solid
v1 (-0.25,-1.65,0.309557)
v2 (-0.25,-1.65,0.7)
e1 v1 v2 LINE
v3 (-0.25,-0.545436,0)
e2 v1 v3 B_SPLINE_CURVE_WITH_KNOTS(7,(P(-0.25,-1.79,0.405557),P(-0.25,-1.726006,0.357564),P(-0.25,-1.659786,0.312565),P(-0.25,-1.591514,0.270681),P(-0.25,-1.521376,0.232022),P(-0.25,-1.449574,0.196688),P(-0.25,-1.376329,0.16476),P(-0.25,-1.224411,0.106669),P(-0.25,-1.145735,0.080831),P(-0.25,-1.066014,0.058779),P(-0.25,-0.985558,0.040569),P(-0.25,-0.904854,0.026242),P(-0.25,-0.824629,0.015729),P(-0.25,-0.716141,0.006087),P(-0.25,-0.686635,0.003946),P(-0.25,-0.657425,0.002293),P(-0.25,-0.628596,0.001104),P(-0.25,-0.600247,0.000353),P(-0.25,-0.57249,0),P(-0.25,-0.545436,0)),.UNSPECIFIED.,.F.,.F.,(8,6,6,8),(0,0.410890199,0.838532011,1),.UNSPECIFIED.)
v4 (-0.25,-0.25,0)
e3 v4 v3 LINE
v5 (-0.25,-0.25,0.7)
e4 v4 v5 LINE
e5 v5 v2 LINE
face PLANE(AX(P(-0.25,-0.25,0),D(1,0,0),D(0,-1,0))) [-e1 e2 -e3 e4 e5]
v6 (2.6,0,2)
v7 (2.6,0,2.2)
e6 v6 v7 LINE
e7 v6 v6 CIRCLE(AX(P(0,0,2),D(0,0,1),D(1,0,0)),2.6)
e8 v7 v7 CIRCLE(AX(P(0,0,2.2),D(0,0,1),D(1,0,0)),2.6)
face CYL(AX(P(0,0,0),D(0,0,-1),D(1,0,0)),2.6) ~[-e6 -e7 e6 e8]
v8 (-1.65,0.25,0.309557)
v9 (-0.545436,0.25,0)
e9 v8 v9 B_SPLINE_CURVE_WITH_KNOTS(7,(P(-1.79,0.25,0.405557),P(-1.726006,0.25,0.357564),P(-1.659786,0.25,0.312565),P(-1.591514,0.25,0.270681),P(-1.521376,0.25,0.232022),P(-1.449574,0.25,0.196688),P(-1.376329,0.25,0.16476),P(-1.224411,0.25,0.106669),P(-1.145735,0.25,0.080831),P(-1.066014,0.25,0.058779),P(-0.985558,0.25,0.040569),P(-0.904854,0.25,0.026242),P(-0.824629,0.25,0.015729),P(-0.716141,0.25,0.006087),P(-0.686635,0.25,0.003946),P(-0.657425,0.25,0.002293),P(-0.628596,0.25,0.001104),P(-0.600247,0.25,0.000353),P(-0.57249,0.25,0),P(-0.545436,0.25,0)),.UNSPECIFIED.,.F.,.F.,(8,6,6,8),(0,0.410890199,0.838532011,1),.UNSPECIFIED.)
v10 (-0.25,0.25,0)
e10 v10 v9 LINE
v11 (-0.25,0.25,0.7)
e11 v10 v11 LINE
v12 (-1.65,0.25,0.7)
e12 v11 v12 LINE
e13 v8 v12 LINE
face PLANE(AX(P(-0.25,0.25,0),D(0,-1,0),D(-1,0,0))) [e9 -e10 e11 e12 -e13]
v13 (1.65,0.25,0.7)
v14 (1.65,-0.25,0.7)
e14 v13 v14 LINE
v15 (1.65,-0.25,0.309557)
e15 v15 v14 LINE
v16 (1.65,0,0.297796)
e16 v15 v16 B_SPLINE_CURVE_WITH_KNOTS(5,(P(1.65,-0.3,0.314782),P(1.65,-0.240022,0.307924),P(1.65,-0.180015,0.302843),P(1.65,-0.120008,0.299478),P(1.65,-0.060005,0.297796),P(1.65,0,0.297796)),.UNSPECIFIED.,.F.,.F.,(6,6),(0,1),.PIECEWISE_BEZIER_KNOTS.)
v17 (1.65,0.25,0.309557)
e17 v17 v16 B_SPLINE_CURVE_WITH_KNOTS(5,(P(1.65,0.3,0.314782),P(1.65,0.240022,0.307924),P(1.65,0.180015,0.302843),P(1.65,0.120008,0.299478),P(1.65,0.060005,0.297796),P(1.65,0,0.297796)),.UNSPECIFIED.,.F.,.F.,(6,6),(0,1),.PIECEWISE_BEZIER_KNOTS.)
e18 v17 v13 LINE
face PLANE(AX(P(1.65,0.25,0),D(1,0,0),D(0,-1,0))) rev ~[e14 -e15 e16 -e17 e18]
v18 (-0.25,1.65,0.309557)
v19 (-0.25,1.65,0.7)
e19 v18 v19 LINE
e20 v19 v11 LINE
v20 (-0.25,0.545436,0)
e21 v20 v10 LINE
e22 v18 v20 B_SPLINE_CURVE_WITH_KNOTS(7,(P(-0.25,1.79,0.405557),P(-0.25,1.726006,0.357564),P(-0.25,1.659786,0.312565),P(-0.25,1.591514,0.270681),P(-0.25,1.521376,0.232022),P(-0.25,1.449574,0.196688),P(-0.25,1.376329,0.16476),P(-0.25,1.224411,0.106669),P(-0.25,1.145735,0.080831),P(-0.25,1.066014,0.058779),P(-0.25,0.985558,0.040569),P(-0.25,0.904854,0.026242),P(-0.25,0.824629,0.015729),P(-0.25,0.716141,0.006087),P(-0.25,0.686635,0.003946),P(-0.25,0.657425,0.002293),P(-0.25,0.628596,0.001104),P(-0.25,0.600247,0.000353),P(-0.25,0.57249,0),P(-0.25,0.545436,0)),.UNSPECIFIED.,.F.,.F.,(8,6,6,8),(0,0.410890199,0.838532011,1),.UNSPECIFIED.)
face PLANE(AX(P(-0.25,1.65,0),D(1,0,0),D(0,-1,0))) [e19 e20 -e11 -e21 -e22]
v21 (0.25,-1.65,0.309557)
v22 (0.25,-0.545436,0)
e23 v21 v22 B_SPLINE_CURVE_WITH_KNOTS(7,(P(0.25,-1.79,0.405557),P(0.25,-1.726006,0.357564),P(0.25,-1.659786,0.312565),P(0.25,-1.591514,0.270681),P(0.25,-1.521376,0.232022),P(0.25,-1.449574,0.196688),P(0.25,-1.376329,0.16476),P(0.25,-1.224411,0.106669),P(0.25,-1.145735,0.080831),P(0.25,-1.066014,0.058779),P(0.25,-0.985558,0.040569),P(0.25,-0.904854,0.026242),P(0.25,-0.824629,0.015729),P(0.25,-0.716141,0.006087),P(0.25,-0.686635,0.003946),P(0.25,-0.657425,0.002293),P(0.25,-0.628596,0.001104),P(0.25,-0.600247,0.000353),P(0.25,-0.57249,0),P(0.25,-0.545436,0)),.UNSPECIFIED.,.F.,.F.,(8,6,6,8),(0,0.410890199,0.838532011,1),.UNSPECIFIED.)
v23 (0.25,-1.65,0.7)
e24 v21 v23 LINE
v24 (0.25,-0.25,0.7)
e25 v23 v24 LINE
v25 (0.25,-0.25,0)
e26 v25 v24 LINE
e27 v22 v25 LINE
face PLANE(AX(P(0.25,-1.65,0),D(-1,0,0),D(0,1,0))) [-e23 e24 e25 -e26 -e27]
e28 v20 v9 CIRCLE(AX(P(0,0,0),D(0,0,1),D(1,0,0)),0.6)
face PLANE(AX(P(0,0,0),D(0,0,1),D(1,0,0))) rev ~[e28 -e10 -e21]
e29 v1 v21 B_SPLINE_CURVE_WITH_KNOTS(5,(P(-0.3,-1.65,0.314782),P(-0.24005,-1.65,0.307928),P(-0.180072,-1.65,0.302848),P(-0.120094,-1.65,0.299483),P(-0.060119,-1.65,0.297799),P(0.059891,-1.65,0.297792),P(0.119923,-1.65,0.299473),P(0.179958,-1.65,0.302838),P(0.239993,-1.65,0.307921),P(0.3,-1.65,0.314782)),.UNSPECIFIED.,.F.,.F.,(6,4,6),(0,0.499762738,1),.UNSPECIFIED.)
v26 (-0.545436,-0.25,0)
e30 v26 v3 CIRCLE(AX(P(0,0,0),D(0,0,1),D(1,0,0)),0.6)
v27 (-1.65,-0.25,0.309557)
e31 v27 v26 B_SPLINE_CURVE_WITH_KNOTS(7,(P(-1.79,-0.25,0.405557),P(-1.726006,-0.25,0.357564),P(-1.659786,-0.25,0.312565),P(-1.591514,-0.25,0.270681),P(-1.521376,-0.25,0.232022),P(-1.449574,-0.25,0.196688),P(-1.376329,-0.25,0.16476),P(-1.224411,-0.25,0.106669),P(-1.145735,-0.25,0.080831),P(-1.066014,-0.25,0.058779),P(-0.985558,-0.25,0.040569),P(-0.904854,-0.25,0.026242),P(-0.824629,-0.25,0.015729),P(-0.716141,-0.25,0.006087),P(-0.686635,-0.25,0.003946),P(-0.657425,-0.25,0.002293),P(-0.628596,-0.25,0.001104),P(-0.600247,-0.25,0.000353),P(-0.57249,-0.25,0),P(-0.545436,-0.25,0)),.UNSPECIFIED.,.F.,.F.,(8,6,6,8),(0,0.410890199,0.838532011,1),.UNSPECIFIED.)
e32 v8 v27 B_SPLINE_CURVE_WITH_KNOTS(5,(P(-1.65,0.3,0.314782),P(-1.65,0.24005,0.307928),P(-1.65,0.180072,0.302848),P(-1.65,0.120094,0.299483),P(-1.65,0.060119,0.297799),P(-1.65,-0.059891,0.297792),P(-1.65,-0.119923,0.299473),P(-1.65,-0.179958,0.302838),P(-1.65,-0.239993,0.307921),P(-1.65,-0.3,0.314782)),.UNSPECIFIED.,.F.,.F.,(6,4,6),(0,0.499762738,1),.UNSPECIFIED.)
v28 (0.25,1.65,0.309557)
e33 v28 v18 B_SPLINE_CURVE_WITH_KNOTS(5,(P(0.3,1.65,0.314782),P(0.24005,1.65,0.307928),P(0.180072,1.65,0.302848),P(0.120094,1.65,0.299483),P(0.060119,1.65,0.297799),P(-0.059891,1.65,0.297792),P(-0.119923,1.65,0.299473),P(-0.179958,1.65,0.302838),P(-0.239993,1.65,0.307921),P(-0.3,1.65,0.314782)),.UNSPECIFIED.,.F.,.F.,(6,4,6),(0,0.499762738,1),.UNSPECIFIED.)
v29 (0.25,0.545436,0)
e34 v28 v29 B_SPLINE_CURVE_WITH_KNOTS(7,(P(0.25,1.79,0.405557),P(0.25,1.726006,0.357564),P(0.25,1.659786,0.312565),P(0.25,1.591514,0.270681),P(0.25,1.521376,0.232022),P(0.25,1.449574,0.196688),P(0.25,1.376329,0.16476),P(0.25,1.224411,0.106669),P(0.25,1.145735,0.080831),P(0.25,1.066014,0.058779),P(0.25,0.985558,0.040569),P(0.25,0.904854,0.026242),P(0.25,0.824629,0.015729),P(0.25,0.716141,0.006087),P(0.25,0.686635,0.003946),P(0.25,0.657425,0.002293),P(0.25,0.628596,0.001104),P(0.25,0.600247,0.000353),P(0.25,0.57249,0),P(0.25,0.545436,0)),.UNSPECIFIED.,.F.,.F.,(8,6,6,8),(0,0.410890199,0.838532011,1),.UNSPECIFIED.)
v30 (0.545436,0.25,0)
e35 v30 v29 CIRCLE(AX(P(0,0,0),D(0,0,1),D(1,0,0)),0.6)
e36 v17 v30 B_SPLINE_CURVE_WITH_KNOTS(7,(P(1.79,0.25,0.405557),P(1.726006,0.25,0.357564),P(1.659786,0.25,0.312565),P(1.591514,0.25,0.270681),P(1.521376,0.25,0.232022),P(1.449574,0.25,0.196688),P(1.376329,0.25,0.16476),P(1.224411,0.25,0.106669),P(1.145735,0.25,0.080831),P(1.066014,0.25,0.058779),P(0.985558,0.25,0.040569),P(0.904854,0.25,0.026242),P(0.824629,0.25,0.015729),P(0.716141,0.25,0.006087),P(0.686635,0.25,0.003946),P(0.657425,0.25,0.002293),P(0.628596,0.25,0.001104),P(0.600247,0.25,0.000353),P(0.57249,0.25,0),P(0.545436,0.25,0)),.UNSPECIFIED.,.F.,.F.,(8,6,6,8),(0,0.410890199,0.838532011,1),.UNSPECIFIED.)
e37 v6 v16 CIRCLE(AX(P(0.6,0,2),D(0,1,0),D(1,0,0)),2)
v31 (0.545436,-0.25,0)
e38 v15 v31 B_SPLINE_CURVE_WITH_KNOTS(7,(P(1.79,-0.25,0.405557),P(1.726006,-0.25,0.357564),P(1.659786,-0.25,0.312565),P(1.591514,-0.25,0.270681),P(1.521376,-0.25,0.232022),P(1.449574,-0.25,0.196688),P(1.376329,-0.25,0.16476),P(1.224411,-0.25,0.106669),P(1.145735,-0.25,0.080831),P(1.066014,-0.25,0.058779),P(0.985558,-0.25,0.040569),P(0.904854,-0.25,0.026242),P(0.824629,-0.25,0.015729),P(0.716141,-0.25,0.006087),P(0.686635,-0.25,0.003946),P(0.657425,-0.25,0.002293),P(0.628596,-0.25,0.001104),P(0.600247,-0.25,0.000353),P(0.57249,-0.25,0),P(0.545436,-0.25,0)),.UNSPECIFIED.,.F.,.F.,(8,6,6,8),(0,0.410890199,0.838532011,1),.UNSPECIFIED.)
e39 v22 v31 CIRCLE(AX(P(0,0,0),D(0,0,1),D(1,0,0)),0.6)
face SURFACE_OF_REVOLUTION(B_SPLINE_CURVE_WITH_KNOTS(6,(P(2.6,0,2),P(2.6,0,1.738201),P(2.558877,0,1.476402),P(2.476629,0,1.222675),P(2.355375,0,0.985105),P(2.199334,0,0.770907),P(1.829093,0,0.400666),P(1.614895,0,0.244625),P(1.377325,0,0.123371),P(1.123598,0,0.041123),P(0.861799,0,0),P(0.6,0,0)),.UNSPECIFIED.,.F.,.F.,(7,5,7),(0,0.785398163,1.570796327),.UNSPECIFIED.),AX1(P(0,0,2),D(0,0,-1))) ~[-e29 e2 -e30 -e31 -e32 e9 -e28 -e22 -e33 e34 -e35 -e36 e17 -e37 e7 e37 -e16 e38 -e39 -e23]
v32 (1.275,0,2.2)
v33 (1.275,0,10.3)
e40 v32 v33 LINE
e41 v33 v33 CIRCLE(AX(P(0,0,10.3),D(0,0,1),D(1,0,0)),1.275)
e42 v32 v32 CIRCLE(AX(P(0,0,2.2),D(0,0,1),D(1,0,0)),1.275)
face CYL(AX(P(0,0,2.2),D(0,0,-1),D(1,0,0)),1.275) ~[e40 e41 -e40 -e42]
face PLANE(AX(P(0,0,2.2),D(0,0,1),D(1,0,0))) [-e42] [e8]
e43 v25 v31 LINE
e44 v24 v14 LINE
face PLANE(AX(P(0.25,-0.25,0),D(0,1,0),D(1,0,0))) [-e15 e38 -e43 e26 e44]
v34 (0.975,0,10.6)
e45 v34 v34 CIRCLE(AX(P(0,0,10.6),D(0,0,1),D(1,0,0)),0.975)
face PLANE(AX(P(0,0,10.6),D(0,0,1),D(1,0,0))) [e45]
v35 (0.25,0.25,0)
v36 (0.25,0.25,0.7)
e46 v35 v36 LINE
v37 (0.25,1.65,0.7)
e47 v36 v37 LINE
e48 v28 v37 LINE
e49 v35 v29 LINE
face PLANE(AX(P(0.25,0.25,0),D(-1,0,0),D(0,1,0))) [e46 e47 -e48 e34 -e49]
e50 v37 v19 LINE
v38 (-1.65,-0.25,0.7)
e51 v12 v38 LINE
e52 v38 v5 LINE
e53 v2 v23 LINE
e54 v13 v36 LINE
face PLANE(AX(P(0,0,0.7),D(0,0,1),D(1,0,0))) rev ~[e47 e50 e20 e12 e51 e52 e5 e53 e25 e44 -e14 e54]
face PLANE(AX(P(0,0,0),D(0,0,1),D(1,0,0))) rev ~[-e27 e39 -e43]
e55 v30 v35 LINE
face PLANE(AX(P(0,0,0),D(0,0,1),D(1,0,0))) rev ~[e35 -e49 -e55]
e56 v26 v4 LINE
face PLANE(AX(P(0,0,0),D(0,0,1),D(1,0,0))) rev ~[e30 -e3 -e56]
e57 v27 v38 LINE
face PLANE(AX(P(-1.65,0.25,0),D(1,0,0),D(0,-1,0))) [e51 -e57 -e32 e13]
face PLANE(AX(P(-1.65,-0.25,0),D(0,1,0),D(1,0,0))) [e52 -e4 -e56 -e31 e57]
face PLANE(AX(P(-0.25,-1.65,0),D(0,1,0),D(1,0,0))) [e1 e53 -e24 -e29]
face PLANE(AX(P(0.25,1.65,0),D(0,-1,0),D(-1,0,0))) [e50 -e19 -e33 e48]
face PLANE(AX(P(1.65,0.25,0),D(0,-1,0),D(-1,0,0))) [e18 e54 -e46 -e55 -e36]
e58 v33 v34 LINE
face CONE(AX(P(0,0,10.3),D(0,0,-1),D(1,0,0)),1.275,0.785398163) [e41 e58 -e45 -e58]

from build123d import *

# Parameters (mm, degrees)
SKICA1_R                 = 2.6
P_IDAT_VYSUNUT_M1_DEPTH  = 2.2
SKICA2_R                 = 1.275
P_IDAT_VYSUNUT_M2_DEPTH  = 8.4
ZAOBLIT1_R               = 2
ODEBRAT_VYSUNUT_M1_DEPTH = 0.7
ZKOSEN_1_SIZE            = 0.3


with BuildPart() as part:
    # Skica1 → Přidat vysunutím1 (new body)
    with BuildSketch(Plane.XY):
        Circle(SKICA1_R)
    extrude(amount=P_IDAT_VYSUNUT_M1_DEPTH)

    # Skica2 → Přidat vysunutím2 (add)
    with BuildSketch(Plane.XY.offset(2.2)):
        Circle(SKICA2_R)
    extrude(amount=P_IDAT_VYSUNUT_M2_DEPTH)

    # Zaoblit1
    zaoblit1_edges = [part.edges().sort_by_distance(p)[0] for p in [
        (-2.6, 0, 0),
    ]]
    fillet(zaoblit1_edges, radius=ZAOBLIT1_R)

    # Skica3 → Odebrat vysunutím1 (cut)
    with BuildSketch(Plane(origin=(0, 0, 0), x_dir=(-1, 0, 0), z_dir=(0, 0, -1))):
        Polygon((-1.65, 0), (-1.65, 0.25), (-0.25, 0.25), (-0.25, 1.65), (0.25, 1.65), (0.25, 0.25), (1.65, 0.25), (1.65, -0.25), (0.25, -0.25), (0.25, -1.65), (-0.25, -1.65), (-0.25, -0.25), (-1.65, -0.25), align=None)
    extrude(amount=-ODEBRAT_VYSUNUT_M1_DEPTH, mode=Mode.SUBTRACT)

    # Zkosení1
    zkosen_1_edges = [part.edges().sort_by_distance(p)[0] for p in [
        (-1.275, 0, 10.6),
    ]]
    chamfer(zkosen_1_edges, length=ZKOSEN_1_SIZE)


solid = part.part
